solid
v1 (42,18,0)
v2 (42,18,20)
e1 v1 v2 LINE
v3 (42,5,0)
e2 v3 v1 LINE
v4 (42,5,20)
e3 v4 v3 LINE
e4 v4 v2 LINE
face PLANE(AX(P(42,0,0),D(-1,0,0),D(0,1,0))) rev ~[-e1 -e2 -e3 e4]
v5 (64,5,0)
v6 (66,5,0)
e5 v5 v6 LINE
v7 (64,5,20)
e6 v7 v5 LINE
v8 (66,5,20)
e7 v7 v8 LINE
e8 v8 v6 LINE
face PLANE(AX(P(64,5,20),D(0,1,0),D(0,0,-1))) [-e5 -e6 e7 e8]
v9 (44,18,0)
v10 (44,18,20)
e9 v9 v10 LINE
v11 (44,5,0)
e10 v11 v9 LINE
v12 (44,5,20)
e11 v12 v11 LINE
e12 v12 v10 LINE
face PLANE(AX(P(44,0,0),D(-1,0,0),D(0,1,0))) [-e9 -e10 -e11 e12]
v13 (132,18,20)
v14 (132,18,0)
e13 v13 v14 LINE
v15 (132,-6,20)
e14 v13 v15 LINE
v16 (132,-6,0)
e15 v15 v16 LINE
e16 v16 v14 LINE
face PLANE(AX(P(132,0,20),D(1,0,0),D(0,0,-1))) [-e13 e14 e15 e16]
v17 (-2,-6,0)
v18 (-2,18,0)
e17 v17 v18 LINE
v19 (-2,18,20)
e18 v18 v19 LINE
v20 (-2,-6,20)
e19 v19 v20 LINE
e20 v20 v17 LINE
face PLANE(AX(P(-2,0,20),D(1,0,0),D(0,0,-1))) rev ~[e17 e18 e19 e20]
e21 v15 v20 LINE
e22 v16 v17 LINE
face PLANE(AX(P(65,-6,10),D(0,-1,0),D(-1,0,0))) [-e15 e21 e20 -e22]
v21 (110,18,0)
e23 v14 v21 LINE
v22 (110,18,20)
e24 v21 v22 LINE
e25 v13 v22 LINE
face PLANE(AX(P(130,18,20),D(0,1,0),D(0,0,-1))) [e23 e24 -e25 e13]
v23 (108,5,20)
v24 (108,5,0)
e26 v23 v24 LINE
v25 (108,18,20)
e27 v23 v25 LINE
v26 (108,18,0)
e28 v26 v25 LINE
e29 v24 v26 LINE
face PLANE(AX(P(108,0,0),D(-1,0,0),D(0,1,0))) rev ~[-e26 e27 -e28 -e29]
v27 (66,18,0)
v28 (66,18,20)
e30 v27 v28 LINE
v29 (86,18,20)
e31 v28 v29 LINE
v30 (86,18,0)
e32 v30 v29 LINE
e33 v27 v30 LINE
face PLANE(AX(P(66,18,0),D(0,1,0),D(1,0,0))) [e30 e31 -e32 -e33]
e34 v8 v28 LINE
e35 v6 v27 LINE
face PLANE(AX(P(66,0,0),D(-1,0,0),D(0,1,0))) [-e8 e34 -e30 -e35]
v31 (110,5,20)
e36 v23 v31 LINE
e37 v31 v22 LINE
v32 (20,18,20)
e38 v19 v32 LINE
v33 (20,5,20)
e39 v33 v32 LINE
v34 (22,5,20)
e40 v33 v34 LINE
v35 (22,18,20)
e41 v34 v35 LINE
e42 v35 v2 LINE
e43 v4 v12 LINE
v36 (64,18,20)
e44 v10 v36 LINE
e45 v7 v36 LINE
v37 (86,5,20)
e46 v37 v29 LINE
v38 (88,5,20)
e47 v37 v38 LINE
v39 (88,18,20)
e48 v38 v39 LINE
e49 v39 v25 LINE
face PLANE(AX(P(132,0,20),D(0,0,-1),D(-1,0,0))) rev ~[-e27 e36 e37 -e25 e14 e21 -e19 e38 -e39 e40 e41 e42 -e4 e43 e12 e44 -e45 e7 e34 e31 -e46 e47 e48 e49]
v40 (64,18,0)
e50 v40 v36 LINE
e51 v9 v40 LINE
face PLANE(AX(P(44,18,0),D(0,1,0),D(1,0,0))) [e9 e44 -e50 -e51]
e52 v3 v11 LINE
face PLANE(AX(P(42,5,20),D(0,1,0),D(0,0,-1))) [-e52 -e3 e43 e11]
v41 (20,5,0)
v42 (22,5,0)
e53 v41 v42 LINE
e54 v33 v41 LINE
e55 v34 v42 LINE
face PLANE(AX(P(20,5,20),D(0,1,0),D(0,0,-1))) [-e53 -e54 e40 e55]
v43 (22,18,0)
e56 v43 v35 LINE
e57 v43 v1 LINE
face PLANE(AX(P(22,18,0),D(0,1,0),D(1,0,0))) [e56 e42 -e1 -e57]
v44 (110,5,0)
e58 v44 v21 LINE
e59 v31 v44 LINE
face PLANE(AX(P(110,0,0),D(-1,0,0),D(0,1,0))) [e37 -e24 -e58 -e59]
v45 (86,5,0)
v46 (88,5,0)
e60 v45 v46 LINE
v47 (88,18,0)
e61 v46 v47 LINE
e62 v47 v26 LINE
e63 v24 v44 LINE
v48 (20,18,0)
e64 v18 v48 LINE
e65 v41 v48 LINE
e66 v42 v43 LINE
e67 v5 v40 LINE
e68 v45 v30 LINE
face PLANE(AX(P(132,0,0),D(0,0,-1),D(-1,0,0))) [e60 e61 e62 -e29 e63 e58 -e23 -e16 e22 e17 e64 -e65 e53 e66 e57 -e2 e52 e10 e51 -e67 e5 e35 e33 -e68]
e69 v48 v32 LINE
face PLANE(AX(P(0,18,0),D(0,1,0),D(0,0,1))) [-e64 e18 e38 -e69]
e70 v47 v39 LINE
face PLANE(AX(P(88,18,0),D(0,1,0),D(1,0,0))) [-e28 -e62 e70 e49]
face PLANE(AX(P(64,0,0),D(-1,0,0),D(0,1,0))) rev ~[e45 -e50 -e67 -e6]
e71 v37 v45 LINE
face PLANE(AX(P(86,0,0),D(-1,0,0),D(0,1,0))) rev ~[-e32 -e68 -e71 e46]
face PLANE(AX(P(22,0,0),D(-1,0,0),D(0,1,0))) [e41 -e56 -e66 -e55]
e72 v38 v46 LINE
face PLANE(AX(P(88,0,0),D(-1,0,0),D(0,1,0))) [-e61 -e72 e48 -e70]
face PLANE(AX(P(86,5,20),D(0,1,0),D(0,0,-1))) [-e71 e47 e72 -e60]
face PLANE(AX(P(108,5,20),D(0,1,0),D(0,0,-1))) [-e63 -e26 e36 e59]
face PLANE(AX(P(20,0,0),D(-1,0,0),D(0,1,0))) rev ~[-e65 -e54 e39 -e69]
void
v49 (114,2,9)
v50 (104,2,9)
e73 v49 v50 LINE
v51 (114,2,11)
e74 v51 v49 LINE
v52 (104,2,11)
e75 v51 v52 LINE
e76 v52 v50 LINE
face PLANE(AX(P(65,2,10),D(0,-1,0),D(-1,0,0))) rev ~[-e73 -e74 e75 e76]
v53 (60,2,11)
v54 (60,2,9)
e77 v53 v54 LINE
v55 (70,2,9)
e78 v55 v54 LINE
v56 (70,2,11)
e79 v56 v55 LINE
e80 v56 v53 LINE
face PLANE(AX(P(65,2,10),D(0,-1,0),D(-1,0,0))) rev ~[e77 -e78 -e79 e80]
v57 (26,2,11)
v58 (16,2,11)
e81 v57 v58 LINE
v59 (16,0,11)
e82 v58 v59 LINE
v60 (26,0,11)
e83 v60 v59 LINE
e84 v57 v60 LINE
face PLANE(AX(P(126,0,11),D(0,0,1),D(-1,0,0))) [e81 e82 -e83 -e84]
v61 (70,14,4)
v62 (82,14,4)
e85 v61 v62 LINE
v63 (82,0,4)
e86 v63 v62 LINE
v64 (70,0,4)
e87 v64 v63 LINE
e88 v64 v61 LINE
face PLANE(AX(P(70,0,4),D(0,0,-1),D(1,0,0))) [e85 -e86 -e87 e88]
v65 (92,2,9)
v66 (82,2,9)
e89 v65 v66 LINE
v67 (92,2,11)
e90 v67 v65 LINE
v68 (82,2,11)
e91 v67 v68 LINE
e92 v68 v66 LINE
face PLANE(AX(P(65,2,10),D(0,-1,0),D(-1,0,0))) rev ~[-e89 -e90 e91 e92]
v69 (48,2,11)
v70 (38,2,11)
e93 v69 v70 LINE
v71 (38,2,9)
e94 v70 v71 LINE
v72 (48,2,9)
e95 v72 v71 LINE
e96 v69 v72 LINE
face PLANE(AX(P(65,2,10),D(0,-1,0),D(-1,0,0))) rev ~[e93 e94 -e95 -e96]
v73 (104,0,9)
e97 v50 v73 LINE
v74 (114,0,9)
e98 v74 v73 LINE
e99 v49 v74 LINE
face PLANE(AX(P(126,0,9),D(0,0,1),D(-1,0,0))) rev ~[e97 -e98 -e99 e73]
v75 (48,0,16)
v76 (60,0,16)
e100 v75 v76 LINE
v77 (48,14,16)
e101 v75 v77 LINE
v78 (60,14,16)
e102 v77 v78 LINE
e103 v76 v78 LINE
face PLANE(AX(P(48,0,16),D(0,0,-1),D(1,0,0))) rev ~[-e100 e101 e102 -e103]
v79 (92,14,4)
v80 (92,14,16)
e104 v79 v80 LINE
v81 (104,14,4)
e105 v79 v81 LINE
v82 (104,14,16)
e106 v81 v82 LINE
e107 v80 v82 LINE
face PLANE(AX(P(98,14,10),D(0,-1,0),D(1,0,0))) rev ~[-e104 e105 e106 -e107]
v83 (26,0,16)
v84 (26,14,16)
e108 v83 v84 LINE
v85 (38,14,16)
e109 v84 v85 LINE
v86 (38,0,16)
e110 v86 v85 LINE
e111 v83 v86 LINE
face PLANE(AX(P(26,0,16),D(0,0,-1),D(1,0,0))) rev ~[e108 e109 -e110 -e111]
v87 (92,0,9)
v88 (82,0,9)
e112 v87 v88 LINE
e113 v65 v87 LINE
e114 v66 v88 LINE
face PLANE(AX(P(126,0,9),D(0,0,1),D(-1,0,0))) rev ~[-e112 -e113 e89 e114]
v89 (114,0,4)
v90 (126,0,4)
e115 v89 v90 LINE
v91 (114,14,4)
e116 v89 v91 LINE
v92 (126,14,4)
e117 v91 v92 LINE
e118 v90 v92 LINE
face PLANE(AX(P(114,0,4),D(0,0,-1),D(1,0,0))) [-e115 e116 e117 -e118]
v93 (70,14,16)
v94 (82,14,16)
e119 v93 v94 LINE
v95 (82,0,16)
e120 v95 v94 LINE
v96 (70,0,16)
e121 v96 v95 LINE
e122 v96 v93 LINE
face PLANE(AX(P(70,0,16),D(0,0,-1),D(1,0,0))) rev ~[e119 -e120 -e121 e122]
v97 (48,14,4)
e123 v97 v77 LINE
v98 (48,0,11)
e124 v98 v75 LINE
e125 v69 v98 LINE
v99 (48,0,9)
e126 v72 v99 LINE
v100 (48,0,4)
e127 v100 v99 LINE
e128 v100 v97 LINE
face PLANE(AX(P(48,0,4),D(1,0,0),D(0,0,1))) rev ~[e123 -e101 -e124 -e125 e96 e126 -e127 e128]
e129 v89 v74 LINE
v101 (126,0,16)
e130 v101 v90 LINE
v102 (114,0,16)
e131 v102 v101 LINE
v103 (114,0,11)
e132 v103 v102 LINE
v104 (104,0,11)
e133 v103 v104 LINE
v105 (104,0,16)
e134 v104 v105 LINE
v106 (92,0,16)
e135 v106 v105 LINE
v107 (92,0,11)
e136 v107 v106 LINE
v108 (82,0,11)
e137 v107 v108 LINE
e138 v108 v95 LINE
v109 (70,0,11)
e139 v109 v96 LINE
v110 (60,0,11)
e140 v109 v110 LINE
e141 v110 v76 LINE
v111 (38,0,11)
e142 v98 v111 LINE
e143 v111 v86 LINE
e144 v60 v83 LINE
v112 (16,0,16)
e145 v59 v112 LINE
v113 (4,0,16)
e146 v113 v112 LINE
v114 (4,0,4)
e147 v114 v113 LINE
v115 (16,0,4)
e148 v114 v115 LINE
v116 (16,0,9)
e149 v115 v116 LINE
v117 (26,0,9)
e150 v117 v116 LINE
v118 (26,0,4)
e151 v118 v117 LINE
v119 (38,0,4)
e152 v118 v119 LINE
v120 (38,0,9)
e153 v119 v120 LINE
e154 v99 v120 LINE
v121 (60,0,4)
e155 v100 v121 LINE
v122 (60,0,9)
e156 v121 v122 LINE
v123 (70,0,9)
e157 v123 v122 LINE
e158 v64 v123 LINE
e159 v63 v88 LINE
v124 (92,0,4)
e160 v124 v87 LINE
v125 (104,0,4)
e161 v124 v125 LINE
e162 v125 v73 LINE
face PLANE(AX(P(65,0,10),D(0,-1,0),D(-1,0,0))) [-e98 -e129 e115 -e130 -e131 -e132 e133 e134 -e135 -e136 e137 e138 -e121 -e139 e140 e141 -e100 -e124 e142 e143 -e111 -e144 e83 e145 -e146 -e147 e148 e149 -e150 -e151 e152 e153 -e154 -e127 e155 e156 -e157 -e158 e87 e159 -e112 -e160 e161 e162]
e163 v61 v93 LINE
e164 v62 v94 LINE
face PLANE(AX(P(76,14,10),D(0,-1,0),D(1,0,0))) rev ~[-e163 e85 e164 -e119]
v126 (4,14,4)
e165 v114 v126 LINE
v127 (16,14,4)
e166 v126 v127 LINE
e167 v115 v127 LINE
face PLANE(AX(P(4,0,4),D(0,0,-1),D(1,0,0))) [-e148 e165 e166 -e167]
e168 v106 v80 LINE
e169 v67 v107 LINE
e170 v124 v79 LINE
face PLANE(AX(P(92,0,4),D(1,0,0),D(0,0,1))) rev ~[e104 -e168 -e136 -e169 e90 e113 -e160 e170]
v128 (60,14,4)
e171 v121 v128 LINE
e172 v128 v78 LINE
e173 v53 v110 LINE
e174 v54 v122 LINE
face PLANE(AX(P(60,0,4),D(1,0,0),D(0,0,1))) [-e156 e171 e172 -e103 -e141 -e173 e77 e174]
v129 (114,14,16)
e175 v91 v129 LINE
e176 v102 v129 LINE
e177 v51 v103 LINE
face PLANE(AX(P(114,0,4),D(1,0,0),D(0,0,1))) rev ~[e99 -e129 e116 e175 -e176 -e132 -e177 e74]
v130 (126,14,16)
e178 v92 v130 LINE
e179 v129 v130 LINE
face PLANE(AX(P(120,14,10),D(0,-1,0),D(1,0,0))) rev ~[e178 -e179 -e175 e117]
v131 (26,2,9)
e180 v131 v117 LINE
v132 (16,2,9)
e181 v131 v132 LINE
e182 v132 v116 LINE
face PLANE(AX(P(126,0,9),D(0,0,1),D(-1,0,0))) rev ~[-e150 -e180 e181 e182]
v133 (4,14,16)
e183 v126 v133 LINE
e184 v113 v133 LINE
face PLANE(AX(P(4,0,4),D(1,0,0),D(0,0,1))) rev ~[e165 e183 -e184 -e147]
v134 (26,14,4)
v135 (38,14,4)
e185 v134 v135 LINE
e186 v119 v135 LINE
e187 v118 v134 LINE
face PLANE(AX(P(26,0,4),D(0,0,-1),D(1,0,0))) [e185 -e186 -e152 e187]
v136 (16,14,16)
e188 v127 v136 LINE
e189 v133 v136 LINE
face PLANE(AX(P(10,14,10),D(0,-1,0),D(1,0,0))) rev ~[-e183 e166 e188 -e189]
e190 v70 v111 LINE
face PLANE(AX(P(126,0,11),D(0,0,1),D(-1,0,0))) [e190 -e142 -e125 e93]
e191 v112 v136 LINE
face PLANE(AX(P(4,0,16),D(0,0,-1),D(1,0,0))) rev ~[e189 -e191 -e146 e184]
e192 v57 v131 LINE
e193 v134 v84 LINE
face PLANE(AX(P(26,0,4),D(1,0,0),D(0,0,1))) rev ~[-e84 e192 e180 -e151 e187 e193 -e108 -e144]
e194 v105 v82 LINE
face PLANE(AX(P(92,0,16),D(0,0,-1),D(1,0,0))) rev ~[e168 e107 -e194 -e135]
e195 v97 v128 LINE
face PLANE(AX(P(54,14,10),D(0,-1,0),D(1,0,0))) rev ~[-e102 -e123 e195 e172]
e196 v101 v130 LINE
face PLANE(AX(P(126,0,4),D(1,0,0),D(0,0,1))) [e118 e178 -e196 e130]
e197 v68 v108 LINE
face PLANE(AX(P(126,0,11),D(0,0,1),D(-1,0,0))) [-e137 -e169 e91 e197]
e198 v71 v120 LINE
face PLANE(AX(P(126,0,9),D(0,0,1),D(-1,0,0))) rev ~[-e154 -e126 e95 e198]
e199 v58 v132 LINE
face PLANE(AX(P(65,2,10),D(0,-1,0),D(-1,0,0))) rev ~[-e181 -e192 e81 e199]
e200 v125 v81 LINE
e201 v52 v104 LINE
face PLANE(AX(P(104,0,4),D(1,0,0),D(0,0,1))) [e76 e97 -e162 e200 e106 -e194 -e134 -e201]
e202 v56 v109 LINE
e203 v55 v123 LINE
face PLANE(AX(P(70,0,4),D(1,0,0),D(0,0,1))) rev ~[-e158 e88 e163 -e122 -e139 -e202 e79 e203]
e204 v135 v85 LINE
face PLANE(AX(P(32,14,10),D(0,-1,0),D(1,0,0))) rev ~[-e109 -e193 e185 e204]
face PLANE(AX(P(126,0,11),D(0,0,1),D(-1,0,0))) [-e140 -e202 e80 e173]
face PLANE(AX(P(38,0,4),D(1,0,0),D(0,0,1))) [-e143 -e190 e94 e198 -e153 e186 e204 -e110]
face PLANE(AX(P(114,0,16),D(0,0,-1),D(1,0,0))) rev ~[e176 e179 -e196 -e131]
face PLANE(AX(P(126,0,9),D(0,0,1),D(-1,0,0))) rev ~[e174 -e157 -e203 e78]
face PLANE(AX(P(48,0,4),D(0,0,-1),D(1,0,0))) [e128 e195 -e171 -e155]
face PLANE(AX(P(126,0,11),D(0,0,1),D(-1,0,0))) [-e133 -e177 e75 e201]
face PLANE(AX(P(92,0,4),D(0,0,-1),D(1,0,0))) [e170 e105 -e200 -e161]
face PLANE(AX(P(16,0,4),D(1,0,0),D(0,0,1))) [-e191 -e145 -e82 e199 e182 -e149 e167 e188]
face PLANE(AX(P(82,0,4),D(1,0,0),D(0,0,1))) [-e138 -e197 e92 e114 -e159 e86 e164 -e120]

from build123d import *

# Parameters (mm, degrees)
SKETCH1_W           = 20
SKETCH1_H           = 18
BOSS_EXTRUDE1_DEPTH = 20
SKETCH2_W           = 12
SKETCH2_H           = 12
CUT_EXTRUDE1_DEPTH  = 14
SKETCH3_W           = 20
SKETCH3_H           = 5
BOSS_EXTRUDE2_DEPTH = 2
LPATTERN1_COUNT     = 6
LPATTERN1_PITCH     = 22
SKETCH4_W           = 20
SKETCH4_H           = 13
BOSS_EXTRUDE3_DEPTH = 2
SKETCH5_W           = 20
SKETCH5_H           = 18
BOSS_EXTRUDE4_DEPTH = 2
SKETCH6_W           = 122
SKETCH6_H           = 2
CUT_EXTRUDE2_DEPTH  = 2
SKETCH7_W           = 134
SKETCH7_H           = 20
BOSS_EXTRUDE5_DEPTH = 6


with BuildPart() as part:
    # Sketch1 → Boss-Extrude1 (new body)
    with BuildSketch(Plane.XY):
        with Locations((10, 9)):
            Rectangle(SKETCH1_W, SKETCH1_H)
    extrude(amount=BOSS_EXTRUDE1_DEPTH)

    # Sketch2 → Cut-Extrude1 (cut)
    with BuildSketch(Plane.XZ):
        with Locations((10, 10)):
            Rectangle(SKETCH2_W, SKETCH2_H)
    extrude(amount=-CUT_EXTRUDE1_DEPTH, mode=Mode.SUBTRACT)

    # Sketch3 → Boss-Extrude2 (add)
    with BuildSketch(Plane(origin=(20, 0, 0), x_dir=(0, 0, -1), z_dir=(1, 0, 0))):
        with Locations((-10, 2.5)):
            Rectangle(SKETCH3_W, SKETCH3_H)
    extrude(amount=BOSS_EXTRUDE2_DEPTH)


with BuildPart() as lpattern1_1:
    # LPattern1: pattern copy
    add(part.part.moved(Location(Vector(1, 0, 0) * (1 * LPATTERN1_PITCH))))


with BuildPart() as lpattern1_2:
    # LPattern1: pattern copy
    add(part.part.moved(Location(Vector(1, 0, 0) * (2 * LPATTERN1_PITCH))))


with BuildPart() as lpattern1_3:
    # LPattern1: pattern copy
    add(part.part.moved(Location(Vector(1, 0, 0) * (3 * LPATTERN1_PITCH))))


with BuildPart() as lpattern1_4:
    # LPattern1: pattern copy
    add(part.part.moved(Location(Vector(1, 0, 0) * (4 * LPATTERN1_PITCH))))


with BuildPart() as lpattern1_5:
    # LPattern1: pattern copy
    add(part.part.moved(Location(Vector(1, 0, 0) * (5 * LPATTERN1_PITCH))))


with BuildPart() as lpattern1_4_1:
    add(lpattern1_4.part)

    # Combine1: union LPattern1_5, part, LPattern1_1, LPattern1_2, LPattern1_3
    add(lpattern1_5.part)
    add(part.part)
    add(lpattern1_1.part)
    add(lpattern1_2.part)
    add(lpattern1_3.part)

    # Sketch4 → Boss-Extrude3 (add)
    with BuildSketch(Plane(origin=(130, 0, 0), x_dir=(0, 0, -1), z_dir=(1, 0, 0))):
        with Locations((-10, 11.5)):
            Rectangle(SKETCH4_W, SKETCH4_H)
    extrude(amount=BOSS_EXTRUDE3_DEPTH)

    # Sketch5 → Boss-Extrude4 (add)
    with BuildSketch(Plane.ZY):
        with Locations((10, 9)):
            Rectangle(SKETCH5_W, SKETCH5_H)
    extrude(amount=BOSS_EXTRUDE4_DEPTH)

    # Sketch6 → Cut-Extrude2 (cut)
    with BuildSketch(Plane(origin=(0, 0, 0), x_dir=(-1, 0, 0), z_dir=(0, -1, 0))):
        with Locations((-65, -10)):
            Rectangle(SKETCH6_W, SKETCH6_H)
    extrude(amount=-CUT_EXTRUDE2_DEPTH, mode=Mode.SUBTRACT)

    # Sketch7 → Boss-Extrude5 (add)
    with BuildSketch(Plane(origin=(0, 0, 0), x_dir=(-1, 0, 0), z_dir=(0, -1, 0))):
        with Locations((-65, -10)):
            Rectangle(SKETCH7_W, SKETCH7_H)
    extrude(amount=BOSS_EXTRUDE5_DEPTH)


solid = lpattern1_4_1.part
